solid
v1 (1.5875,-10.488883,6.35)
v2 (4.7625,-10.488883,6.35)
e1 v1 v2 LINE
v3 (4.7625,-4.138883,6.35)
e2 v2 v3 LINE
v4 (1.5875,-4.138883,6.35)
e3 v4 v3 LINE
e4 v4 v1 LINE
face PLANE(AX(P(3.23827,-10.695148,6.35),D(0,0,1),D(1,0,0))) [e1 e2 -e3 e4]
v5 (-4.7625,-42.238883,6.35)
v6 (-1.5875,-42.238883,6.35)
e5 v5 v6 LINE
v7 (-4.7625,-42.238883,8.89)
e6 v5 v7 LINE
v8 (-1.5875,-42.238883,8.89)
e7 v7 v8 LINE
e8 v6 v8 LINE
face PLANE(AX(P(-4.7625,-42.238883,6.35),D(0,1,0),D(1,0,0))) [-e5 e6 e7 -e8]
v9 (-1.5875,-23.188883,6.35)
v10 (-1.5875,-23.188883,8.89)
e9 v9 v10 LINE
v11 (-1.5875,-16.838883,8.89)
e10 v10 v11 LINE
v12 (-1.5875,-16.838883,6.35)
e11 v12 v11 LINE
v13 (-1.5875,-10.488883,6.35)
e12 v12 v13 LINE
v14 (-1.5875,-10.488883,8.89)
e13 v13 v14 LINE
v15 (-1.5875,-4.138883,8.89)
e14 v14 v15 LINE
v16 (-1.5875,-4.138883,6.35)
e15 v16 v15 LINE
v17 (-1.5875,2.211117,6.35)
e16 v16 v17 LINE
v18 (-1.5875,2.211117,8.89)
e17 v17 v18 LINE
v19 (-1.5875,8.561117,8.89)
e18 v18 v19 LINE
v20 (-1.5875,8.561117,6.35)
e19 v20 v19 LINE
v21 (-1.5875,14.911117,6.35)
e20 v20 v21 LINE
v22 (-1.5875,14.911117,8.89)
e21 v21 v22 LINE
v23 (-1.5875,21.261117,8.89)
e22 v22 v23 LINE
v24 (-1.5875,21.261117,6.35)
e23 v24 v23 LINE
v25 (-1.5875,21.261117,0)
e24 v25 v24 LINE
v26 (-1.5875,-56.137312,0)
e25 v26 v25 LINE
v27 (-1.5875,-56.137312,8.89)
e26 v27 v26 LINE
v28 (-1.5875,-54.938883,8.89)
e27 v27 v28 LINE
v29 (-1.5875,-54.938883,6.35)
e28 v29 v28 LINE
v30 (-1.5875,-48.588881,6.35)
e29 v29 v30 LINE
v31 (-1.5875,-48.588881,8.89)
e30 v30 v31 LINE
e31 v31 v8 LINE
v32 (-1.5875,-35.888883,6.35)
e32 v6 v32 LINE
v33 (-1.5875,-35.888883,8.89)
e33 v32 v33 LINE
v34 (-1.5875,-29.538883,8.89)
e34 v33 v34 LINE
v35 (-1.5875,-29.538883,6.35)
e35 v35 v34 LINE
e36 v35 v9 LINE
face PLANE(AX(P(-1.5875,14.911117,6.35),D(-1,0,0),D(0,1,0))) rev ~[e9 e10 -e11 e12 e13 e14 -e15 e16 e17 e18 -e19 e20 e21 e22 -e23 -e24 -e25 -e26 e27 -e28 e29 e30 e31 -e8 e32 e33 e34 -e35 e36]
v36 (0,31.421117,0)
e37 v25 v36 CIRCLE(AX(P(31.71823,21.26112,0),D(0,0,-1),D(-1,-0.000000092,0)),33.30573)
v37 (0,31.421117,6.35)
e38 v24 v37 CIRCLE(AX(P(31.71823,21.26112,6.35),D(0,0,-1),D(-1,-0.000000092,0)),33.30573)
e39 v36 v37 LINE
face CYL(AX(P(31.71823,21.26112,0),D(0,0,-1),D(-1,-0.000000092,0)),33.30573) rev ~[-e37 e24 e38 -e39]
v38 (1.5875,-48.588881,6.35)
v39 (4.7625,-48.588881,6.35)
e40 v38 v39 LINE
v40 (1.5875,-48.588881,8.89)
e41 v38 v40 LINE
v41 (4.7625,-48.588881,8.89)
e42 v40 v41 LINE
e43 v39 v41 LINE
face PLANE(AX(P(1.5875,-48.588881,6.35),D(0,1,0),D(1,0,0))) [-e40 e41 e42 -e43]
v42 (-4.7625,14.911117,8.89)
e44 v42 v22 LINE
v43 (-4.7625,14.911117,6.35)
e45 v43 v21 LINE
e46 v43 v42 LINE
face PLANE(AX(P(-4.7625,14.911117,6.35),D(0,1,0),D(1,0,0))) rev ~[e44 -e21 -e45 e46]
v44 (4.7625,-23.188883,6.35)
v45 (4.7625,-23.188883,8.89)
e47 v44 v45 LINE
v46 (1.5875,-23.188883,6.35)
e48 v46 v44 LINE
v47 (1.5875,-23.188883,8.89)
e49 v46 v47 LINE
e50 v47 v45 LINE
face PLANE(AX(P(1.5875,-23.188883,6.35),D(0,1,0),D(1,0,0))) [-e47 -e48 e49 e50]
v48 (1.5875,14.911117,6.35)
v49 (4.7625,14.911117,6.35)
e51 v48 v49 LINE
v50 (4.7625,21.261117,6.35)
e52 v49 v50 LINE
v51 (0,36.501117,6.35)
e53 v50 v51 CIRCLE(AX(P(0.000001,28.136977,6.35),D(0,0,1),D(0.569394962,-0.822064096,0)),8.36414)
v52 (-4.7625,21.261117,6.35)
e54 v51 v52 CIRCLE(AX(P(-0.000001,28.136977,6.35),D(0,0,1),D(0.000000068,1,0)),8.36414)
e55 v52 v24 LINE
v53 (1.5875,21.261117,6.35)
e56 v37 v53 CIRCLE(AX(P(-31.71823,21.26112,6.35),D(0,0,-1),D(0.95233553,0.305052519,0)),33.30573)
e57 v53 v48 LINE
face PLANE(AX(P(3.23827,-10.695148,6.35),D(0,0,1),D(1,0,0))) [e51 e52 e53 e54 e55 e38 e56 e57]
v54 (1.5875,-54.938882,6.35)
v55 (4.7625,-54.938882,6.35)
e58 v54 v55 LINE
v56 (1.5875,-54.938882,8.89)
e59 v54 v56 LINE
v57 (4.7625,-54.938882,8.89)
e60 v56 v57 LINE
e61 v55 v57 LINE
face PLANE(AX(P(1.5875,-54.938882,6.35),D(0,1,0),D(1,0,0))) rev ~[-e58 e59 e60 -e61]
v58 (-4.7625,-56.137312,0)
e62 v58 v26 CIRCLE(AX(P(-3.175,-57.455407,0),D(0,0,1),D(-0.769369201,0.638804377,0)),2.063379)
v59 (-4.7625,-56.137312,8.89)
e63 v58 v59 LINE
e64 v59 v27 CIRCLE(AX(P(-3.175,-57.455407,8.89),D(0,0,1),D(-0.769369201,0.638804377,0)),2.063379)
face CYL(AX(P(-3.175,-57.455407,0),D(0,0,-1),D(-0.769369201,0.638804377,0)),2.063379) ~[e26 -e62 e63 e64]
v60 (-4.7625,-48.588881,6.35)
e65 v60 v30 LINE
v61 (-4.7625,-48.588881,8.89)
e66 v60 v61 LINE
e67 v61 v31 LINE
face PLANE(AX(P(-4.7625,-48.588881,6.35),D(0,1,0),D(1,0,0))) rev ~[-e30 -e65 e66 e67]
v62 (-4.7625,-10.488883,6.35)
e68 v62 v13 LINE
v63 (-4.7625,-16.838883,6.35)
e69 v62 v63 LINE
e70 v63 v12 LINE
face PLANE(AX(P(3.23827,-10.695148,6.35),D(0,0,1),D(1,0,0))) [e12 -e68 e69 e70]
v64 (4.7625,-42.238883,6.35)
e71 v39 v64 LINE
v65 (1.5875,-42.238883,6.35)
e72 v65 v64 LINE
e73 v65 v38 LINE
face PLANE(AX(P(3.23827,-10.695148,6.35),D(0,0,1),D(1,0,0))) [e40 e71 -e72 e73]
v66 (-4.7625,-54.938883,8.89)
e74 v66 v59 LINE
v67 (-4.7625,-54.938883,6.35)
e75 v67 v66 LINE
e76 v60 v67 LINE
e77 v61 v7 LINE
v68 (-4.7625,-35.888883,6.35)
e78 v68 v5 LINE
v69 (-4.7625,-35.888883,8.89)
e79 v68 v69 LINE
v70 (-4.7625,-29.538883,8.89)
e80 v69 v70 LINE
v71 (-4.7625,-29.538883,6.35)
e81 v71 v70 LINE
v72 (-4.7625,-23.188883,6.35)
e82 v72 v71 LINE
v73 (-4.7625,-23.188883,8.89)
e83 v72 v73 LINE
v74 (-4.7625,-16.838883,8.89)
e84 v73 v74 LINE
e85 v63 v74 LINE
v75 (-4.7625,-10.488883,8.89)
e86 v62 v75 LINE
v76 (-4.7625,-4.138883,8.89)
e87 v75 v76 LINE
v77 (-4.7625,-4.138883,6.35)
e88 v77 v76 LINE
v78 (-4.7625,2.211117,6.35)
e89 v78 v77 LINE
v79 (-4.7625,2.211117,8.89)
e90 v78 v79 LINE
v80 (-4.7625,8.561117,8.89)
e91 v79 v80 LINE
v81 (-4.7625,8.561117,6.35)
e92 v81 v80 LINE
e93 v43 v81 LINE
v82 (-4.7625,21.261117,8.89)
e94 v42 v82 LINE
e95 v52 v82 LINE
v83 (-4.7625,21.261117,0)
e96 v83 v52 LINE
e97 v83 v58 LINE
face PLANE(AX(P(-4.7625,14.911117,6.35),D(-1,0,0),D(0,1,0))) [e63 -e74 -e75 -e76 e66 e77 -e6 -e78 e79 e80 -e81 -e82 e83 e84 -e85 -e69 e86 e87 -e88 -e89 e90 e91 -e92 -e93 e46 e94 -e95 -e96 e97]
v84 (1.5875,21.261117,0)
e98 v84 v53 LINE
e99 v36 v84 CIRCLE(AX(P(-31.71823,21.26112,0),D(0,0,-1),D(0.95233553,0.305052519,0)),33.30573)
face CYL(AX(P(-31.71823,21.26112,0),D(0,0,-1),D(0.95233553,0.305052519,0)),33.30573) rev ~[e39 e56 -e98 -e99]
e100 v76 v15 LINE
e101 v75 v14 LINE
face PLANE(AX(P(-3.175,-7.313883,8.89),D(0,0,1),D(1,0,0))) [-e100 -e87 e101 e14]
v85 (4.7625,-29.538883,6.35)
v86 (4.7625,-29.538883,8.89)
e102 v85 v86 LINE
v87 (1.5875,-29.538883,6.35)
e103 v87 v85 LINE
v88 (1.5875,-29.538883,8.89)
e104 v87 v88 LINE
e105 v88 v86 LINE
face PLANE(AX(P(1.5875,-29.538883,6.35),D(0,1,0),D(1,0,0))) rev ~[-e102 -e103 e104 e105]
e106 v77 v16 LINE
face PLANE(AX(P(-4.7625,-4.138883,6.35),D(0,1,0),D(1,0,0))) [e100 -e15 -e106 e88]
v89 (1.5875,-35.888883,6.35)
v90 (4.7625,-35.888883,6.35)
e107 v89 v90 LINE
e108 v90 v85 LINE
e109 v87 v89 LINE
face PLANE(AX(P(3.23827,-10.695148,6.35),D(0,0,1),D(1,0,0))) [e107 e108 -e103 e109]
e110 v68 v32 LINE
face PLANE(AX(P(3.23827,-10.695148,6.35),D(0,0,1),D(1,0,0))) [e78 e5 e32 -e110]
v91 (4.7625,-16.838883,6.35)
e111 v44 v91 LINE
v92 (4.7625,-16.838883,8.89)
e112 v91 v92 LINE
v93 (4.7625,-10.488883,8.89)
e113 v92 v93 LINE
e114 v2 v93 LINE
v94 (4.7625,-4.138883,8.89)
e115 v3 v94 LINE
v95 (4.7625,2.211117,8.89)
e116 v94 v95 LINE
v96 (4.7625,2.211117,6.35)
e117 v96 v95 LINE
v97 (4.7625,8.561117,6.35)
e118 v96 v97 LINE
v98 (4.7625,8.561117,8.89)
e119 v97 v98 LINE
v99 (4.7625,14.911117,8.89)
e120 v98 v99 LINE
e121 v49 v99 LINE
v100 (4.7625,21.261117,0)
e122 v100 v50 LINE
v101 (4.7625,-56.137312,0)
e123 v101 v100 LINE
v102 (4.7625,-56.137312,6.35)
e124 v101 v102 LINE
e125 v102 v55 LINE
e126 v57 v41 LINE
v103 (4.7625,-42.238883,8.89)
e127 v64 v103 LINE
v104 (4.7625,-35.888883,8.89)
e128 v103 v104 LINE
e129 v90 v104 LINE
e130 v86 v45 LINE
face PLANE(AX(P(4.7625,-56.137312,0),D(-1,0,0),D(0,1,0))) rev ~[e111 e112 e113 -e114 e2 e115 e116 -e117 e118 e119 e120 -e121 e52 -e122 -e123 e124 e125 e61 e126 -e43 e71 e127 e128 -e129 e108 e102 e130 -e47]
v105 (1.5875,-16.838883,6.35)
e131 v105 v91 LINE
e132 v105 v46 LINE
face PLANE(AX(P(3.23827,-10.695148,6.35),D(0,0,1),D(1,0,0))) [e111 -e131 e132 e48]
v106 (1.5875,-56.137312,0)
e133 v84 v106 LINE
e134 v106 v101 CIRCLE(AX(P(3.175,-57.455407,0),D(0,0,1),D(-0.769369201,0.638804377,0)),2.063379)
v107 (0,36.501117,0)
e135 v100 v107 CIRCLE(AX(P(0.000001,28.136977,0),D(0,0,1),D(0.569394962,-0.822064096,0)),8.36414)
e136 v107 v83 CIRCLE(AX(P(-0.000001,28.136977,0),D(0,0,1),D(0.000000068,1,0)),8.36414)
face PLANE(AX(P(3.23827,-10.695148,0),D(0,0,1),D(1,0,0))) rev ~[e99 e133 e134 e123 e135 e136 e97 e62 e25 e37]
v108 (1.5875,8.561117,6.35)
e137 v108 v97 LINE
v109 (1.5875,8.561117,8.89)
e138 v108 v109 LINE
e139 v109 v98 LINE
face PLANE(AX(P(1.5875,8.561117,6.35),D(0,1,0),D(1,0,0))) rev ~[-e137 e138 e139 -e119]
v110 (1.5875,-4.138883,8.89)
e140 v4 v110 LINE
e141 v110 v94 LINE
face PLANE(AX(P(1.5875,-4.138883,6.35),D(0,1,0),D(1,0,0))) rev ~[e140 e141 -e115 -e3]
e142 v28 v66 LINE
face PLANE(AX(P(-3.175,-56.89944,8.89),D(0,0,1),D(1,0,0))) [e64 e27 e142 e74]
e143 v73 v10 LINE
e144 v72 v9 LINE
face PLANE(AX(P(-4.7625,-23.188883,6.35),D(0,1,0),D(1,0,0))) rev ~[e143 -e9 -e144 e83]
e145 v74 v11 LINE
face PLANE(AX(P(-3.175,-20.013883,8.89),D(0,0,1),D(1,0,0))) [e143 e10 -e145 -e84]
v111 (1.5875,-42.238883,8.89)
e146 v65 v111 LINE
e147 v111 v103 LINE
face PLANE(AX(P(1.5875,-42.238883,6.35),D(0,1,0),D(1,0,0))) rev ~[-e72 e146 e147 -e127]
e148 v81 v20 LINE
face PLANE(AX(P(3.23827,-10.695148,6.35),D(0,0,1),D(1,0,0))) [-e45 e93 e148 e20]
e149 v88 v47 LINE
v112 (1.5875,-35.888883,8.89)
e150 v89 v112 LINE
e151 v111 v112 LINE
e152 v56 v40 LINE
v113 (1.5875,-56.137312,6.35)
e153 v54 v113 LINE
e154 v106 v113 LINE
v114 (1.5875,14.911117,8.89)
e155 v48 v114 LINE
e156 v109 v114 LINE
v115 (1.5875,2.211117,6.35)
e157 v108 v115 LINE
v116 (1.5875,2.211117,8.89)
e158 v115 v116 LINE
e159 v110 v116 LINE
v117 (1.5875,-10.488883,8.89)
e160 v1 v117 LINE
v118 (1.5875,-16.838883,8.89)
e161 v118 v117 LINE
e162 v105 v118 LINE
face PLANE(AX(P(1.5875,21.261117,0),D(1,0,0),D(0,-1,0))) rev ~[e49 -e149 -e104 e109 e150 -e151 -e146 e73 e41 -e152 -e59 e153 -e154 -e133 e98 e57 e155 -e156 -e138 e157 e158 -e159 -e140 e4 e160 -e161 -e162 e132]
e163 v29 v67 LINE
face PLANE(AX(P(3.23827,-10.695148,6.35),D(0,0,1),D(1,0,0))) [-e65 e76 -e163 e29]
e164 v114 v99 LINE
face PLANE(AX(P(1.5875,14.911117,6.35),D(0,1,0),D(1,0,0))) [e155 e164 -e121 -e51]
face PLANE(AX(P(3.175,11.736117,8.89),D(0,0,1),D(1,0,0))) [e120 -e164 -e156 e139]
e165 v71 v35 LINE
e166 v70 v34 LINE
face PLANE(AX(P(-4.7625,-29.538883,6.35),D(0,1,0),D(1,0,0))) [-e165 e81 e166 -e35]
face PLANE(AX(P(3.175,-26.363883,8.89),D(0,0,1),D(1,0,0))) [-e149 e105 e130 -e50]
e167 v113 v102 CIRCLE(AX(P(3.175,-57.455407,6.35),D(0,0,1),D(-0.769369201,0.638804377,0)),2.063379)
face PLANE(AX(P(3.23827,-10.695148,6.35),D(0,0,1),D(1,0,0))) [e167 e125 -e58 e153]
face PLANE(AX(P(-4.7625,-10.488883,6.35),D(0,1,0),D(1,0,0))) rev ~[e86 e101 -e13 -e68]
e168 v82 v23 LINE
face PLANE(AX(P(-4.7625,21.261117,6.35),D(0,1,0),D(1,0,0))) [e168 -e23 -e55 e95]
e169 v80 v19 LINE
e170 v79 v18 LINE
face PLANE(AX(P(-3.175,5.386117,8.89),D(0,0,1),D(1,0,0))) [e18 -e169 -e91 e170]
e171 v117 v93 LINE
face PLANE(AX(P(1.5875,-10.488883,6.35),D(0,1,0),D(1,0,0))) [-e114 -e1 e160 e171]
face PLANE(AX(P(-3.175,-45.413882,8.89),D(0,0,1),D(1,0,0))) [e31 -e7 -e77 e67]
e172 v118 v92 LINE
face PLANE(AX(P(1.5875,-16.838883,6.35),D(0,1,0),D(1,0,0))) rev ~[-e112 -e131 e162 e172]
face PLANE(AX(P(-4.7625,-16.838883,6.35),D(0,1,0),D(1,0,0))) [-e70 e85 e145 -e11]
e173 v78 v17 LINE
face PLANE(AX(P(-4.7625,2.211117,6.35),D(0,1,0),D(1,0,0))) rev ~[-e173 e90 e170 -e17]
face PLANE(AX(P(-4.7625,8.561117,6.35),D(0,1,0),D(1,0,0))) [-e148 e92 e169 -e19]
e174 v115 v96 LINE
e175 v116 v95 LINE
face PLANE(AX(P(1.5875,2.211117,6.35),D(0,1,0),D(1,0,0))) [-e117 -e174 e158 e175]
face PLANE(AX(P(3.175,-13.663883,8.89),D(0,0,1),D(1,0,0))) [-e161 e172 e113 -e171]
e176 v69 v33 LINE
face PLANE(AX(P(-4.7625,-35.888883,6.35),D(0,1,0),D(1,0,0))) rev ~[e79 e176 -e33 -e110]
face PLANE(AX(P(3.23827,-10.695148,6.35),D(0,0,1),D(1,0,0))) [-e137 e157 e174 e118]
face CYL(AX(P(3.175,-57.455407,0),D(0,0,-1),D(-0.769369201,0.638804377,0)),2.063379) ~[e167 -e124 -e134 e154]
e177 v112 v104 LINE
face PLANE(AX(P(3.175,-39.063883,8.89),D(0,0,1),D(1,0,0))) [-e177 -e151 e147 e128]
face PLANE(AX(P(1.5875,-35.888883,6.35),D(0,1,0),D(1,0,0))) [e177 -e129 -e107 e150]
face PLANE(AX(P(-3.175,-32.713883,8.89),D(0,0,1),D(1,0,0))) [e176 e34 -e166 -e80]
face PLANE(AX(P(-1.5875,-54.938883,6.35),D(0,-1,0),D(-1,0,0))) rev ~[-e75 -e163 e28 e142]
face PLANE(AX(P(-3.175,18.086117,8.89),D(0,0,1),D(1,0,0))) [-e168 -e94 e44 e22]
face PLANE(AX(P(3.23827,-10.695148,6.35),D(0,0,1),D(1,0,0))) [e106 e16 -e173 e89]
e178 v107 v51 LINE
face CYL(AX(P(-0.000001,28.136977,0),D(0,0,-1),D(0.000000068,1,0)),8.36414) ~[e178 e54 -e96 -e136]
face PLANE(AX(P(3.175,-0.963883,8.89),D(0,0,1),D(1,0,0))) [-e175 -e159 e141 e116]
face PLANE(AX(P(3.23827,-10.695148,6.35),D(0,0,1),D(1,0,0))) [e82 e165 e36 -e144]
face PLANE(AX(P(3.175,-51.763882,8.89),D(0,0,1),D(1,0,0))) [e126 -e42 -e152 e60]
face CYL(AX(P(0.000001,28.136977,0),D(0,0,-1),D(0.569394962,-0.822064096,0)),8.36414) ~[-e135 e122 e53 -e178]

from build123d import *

# Parameters (mm, degrees)
F1_DEPTH = 6.35
F2_W     = 3.175
F2_H     = 6.35
F2_H_2   = 6.349999
F2_H_3   = 6.350001
F3_DEPTH = 2.54


with BuildPart() as f1:
    # F0 (on Top) → F1 (new body)
    with BuildSketch(Plane.XY):
        with BuildLine():
            Line((0, 36.501117), (0, 31.421117))
            ThreePointArc((0, 31.421117), (1.188232, 26.402755), (1.5875, 21.261117))
            Line((1.5875, 21.261117), (1.5875, -56.137312))
            ThreePointArc((1.5875, -56.137312), (3.175, -59.518786), (4.7625, -56.137312))
            Line((4.7625, -56.137312), (4.7625, 21.261117))
            ThreePointArc((4.7625, 21.261117), (7.983405, 30.631791), (0, 36.501117))
        make_face()
        with BuildLine():
            ThreePointArc((-1.5875, 21.261117), (-1.188232, 26.402755), (0, 31.421117))
            Line((0, 31.421117), (0, 36.501117))
            ThreePointArc((0, 36.501117), (-7.983405, 30.631791), (-4.7625, 21.261117))
            Line((-4.7625, 21.261117), (-4.7625, -56.137312))
            ThreePointArc((-4.7625, -56.137312), (-3.175, -59.518786), (-1.5875, -56.137312))
            Line((-1.5875, -56.137312), (-1.5875, 21.261117))
        make_face()
    extrude(amount=F1_DEPTH)

    # F2 (on face) → F3 (join)
    with BuildSketch(Plane.XY.offset(6.35)):
        with Locations((-3.175, 18.086117)):
            Rectangle(F2_W, F2_H)
        with Locations((3.175, 11.736117)):
            Rectangle(F2_W, F2_H)
        with Locations((-3.175, 5.386117)):
            Rectangle(F2_W, F2_H)
        with Locations((3.175, -0.963883)):
            Rectangle(F2_W, F2_H)
        with Locations((-3.175, -7.313883)):
            Rectangle(F2_W, F2_H)
        with Locations((3.175, -13.663883)):
            Rectangle(F2_W, F2_H)
        with Locations((-3.175, -20.013883)):
            Rectangle(F2_W, F2_H)
        with Locations((3.175, -26.363883)):
            Rectangle(F2_W, F2_H)
        with Locations((-3.175, -32.713883)):
            Rectangle(F2_W, F2_H)
        with Locations((3.175, -39.063883)):
            Rectangle(F2_W, F2_H)
        with Locations((-3.175, -45.413882)):
            Rectangle(F2_W, F2_H_2)
        with Locations((3.175, -51.763882)):
            Rectangle(F2_W, F2_H_3)
        with BuildLine():
            Line((-1.5875, -56.137312), (-1.5875, -54.938883))
            Line((-1.5875, -54.938883), (-4.7625, -54.938883))
            Line((-4.7625, -54.938883), (-4.7625, -56.137312))
            ThreePointArc((-4.7625, -56.137312), (-3.175, -59.518786), (-1.5875, -56.137312))
        make_face()
    extrude(amount=F3_DEPTH)


solid = f1.part
